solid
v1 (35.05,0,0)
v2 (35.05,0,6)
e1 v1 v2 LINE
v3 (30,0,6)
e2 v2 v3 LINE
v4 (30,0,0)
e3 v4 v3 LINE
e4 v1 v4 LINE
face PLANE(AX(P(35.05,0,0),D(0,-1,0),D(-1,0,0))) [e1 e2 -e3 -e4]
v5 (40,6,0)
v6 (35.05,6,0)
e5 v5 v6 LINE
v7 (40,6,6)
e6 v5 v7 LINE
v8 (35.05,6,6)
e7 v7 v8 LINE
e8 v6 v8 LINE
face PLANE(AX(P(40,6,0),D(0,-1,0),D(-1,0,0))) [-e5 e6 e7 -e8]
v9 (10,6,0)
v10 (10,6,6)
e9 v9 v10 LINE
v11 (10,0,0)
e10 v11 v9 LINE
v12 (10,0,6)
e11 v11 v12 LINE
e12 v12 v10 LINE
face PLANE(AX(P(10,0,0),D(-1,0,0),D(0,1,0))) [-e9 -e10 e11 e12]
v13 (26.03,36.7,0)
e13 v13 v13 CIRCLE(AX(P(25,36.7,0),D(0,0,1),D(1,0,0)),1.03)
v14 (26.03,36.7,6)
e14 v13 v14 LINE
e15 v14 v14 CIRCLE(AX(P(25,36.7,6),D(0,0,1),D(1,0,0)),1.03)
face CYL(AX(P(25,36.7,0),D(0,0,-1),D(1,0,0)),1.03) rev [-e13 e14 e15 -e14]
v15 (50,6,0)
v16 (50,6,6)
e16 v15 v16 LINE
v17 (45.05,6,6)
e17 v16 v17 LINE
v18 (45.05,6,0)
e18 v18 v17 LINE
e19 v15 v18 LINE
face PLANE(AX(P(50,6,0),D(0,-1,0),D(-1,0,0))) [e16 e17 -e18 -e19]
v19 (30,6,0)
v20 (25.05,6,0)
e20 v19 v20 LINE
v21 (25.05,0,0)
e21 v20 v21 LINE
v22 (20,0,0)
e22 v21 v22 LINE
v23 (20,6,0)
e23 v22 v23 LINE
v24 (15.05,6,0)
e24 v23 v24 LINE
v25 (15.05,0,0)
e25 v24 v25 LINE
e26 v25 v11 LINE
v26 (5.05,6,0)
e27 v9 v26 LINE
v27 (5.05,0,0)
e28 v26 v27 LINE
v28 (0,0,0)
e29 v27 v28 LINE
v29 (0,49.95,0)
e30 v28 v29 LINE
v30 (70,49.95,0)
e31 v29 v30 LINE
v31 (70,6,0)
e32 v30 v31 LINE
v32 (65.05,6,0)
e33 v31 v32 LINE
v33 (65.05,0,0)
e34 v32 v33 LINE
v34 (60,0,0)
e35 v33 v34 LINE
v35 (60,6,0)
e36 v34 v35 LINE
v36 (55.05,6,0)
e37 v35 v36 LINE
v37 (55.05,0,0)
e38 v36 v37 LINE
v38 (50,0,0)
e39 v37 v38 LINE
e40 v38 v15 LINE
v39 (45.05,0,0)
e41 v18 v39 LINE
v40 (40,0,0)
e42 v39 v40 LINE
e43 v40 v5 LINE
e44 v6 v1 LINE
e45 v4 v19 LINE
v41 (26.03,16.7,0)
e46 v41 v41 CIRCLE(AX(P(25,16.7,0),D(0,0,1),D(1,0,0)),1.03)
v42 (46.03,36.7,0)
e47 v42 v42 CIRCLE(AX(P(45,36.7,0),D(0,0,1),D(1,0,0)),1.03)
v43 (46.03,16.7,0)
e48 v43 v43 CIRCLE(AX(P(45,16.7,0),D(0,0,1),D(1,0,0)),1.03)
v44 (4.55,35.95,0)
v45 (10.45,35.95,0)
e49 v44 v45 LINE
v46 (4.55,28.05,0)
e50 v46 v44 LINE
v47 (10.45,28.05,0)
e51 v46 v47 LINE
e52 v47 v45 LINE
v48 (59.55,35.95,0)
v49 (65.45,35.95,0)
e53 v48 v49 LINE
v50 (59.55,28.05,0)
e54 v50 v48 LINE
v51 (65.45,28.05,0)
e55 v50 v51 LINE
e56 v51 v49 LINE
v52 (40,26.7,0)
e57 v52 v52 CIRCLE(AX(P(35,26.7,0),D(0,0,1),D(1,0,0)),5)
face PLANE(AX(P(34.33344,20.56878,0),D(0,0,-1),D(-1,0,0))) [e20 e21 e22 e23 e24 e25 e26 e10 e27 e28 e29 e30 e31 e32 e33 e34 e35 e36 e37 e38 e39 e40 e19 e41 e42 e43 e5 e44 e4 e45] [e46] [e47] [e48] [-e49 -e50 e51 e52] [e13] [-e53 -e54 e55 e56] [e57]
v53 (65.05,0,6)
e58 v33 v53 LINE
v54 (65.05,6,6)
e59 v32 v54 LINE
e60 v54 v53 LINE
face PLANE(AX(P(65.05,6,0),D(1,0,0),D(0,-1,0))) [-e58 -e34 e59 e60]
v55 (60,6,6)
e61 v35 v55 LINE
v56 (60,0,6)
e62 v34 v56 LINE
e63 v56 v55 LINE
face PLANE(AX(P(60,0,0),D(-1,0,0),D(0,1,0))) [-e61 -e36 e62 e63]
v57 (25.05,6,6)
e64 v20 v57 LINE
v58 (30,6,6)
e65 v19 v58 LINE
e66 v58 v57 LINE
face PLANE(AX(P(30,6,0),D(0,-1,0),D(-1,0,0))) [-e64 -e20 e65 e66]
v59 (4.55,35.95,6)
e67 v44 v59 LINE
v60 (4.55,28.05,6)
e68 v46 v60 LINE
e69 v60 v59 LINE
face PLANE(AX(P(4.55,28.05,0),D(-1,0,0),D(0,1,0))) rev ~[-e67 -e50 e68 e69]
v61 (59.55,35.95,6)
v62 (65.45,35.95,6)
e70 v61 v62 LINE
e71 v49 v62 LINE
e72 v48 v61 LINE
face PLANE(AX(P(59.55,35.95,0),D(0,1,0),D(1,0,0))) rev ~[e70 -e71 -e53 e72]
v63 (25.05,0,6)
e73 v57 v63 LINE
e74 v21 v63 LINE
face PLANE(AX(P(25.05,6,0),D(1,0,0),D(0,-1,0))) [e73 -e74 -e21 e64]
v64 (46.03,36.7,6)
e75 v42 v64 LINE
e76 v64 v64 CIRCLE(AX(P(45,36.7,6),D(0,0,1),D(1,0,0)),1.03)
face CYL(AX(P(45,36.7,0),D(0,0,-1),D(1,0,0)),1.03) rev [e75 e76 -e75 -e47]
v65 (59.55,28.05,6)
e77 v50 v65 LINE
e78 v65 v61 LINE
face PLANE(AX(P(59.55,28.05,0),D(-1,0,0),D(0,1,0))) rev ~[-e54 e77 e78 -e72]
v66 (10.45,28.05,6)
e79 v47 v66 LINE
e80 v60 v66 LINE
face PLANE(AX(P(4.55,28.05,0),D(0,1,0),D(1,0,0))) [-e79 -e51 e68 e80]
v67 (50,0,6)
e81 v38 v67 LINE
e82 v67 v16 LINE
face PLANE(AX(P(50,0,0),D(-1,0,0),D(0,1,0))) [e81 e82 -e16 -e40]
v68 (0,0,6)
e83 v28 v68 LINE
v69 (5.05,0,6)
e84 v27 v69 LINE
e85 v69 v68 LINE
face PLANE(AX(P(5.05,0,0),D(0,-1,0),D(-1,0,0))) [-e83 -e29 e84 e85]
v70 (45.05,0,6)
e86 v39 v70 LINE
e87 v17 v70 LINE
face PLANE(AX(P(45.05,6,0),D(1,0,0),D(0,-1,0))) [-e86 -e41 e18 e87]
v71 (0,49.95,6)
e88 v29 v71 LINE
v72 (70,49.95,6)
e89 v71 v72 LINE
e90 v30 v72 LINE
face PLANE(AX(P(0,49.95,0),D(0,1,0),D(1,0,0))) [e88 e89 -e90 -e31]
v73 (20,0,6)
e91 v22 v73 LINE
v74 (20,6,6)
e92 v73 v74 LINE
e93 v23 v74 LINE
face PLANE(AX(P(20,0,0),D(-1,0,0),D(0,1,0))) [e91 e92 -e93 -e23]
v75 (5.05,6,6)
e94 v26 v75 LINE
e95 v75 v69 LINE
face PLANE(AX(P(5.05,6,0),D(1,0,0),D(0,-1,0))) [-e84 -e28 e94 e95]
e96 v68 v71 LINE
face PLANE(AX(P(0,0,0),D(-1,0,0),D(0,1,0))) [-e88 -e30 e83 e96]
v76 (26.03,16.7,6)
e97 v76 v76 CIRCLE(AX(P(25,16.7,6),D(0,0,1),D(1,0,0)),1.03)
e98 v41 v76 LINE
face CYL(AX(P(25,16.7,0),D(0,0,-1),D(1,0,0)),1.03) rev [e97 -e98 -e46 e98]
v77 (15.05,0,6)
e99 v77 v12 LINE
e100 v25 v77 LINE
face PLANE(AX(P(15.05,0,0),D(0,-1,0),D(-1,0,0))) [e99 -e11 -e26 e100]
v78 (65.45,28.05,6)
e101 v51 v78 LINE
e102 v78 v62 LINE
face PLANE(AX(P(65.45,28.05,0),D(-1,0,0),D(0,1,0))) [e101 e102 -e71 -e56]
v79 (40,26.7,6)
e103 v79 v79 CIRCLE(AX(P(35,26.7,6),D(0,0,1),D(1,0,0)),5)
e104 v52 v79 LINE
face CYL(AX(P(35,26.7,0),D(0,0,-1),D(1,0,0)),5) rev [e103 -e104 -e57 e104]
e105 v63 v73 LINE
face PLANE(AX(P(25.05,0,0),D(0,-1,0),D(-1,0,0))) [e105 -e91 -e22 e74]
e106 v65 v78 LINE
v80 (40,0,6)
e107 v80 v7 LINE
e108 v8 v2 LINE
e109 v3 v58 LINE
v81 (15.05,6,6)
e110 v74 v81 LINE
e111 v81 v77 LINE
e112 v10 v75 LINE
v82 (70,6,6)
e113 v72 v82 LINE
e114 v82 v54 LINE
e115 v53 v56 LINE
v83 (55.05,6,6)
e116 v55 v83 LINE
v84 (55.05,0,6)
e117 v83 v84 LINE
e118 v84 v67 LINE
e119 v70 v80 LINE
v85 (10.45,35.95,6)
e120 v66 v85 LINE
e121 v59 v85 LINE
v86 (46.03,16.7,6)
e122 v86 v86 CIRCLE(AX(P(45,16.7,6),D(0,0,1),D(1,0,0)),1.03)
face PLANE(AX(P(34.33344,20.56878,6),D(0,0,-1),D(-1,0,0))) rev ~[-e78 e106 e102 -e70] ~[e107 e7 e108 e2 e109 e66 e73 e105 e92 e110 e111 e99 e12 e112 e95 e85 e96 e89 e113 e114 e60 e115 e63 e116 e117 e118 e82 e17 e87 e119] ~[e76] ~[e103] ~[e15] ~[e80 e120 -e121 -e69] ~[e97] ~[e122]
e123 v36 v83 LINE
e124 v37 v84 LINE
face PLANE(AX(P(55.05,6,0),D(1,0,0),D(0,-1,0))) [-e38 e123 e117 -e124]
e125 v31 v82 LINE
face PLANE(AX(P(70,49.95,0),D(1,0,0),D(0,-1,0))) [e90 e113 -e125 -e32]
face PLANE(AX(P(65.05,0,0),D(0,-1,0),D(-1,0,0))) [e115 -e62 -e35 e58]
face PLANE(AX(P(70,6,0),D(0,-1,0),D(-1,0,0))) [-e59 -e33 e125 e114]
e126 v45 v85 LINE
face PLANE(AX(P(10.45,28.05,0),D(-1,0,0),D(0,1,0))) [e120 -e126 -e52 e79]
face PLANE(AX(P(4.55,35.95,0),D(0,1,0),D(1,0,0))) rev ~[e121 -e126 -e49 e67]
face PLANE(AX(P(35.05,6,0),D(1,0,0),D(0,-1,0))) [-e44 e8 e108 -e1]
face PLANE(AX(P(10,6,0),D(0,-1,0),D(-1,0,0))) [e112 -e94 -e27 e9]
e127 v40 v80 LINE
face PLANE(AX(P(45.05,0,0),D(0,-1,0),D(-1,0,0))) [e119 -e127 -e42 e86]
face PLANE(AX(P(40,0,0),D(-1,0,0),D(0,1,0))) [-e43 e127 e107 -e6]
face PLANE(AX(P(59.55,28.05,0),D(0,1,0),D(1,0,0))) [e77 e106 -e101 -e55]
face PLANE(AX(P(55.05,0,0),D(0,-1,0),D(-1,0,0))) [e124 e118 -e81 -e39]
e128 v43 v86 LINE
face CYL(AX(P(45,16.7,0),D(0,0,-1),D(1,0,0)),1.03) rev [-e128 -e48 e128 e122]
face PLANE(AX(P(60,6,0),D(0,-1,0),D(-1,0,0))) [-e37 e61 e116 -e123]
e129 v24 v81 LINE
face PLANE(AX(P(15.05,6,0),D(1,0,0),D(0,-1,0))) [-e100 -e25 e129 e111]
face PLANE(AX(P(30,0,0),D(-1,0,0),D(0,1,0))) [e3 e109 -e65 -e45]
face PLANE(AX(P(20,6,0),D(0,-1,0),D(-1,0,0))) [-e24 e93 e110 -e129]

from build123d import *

# Parameters (mm, degrees)
ESQUISSE1_R        = 1.03
ESQUISSE1_R_2      = 5
ESQUISSE1_W        = 5.9
ESQUISSE1_H        = 7.9
BOSS_EXTRU_1_DEPTH = 6


with BuildPart() as part:
    # Esquisse1 → Boss.-Extru.1 (new body)
    with BuildSketch(Plane.XY):
        Polygon((0, 0), (0, 49.95), (70, 49.95), (70, 6), (65.05, 6), (65.05, 0), (60, 0), (60, 6), (55.05, 6), (55.05, 0), (50, 0), (50, 6), (45.05, 6), (45.05, 0), (40, 0), (40, 6), (35.05, 6), (35.05, 0), (30, 0), (30, 6), (25.05, 6), (25.05, 0), (20, 0), (20, 6), (15.05, 6), (15.05, 0), (10, 0), (10, 6), (5.05, 6), (5.05, 0), align=None)
        with Locations((25, 36.7)):
            Circle(ESQUISSE1_R, mode=Mode.SUBTRACT)
        with Locations((45, 36.7)):
            Circle(ESQUISSE1_R, mode=Mode.SUBTRACT)
        with Locations((25, 16.7)):
            Circle(ESQUISSE1_R, mode=Mode.SUBTRACT)
        with Locations((45, 16.7)):
            Circle(ESQUISSE1_R, mode=Mode.SUBTRACT)
        with Locations((35, 26.7)):
            Circle(ESQUISSE1_R_2, mode=Mode.SUBTRACT)
        with Locations((7.5, 32)):
            Rectangle(ESQUISSE1_W, ESQUISSE1_H, mode=Mode.SUBTRACT)
        with Locations((62.5, 32)):
            Rectangle(ESQUISSE1_W, ESQUISSE1_H, mode=Mode.SUBTRACT)
    extrude(amount=BOSS_EXTRU_1_DEPTH)


solid = part.part
